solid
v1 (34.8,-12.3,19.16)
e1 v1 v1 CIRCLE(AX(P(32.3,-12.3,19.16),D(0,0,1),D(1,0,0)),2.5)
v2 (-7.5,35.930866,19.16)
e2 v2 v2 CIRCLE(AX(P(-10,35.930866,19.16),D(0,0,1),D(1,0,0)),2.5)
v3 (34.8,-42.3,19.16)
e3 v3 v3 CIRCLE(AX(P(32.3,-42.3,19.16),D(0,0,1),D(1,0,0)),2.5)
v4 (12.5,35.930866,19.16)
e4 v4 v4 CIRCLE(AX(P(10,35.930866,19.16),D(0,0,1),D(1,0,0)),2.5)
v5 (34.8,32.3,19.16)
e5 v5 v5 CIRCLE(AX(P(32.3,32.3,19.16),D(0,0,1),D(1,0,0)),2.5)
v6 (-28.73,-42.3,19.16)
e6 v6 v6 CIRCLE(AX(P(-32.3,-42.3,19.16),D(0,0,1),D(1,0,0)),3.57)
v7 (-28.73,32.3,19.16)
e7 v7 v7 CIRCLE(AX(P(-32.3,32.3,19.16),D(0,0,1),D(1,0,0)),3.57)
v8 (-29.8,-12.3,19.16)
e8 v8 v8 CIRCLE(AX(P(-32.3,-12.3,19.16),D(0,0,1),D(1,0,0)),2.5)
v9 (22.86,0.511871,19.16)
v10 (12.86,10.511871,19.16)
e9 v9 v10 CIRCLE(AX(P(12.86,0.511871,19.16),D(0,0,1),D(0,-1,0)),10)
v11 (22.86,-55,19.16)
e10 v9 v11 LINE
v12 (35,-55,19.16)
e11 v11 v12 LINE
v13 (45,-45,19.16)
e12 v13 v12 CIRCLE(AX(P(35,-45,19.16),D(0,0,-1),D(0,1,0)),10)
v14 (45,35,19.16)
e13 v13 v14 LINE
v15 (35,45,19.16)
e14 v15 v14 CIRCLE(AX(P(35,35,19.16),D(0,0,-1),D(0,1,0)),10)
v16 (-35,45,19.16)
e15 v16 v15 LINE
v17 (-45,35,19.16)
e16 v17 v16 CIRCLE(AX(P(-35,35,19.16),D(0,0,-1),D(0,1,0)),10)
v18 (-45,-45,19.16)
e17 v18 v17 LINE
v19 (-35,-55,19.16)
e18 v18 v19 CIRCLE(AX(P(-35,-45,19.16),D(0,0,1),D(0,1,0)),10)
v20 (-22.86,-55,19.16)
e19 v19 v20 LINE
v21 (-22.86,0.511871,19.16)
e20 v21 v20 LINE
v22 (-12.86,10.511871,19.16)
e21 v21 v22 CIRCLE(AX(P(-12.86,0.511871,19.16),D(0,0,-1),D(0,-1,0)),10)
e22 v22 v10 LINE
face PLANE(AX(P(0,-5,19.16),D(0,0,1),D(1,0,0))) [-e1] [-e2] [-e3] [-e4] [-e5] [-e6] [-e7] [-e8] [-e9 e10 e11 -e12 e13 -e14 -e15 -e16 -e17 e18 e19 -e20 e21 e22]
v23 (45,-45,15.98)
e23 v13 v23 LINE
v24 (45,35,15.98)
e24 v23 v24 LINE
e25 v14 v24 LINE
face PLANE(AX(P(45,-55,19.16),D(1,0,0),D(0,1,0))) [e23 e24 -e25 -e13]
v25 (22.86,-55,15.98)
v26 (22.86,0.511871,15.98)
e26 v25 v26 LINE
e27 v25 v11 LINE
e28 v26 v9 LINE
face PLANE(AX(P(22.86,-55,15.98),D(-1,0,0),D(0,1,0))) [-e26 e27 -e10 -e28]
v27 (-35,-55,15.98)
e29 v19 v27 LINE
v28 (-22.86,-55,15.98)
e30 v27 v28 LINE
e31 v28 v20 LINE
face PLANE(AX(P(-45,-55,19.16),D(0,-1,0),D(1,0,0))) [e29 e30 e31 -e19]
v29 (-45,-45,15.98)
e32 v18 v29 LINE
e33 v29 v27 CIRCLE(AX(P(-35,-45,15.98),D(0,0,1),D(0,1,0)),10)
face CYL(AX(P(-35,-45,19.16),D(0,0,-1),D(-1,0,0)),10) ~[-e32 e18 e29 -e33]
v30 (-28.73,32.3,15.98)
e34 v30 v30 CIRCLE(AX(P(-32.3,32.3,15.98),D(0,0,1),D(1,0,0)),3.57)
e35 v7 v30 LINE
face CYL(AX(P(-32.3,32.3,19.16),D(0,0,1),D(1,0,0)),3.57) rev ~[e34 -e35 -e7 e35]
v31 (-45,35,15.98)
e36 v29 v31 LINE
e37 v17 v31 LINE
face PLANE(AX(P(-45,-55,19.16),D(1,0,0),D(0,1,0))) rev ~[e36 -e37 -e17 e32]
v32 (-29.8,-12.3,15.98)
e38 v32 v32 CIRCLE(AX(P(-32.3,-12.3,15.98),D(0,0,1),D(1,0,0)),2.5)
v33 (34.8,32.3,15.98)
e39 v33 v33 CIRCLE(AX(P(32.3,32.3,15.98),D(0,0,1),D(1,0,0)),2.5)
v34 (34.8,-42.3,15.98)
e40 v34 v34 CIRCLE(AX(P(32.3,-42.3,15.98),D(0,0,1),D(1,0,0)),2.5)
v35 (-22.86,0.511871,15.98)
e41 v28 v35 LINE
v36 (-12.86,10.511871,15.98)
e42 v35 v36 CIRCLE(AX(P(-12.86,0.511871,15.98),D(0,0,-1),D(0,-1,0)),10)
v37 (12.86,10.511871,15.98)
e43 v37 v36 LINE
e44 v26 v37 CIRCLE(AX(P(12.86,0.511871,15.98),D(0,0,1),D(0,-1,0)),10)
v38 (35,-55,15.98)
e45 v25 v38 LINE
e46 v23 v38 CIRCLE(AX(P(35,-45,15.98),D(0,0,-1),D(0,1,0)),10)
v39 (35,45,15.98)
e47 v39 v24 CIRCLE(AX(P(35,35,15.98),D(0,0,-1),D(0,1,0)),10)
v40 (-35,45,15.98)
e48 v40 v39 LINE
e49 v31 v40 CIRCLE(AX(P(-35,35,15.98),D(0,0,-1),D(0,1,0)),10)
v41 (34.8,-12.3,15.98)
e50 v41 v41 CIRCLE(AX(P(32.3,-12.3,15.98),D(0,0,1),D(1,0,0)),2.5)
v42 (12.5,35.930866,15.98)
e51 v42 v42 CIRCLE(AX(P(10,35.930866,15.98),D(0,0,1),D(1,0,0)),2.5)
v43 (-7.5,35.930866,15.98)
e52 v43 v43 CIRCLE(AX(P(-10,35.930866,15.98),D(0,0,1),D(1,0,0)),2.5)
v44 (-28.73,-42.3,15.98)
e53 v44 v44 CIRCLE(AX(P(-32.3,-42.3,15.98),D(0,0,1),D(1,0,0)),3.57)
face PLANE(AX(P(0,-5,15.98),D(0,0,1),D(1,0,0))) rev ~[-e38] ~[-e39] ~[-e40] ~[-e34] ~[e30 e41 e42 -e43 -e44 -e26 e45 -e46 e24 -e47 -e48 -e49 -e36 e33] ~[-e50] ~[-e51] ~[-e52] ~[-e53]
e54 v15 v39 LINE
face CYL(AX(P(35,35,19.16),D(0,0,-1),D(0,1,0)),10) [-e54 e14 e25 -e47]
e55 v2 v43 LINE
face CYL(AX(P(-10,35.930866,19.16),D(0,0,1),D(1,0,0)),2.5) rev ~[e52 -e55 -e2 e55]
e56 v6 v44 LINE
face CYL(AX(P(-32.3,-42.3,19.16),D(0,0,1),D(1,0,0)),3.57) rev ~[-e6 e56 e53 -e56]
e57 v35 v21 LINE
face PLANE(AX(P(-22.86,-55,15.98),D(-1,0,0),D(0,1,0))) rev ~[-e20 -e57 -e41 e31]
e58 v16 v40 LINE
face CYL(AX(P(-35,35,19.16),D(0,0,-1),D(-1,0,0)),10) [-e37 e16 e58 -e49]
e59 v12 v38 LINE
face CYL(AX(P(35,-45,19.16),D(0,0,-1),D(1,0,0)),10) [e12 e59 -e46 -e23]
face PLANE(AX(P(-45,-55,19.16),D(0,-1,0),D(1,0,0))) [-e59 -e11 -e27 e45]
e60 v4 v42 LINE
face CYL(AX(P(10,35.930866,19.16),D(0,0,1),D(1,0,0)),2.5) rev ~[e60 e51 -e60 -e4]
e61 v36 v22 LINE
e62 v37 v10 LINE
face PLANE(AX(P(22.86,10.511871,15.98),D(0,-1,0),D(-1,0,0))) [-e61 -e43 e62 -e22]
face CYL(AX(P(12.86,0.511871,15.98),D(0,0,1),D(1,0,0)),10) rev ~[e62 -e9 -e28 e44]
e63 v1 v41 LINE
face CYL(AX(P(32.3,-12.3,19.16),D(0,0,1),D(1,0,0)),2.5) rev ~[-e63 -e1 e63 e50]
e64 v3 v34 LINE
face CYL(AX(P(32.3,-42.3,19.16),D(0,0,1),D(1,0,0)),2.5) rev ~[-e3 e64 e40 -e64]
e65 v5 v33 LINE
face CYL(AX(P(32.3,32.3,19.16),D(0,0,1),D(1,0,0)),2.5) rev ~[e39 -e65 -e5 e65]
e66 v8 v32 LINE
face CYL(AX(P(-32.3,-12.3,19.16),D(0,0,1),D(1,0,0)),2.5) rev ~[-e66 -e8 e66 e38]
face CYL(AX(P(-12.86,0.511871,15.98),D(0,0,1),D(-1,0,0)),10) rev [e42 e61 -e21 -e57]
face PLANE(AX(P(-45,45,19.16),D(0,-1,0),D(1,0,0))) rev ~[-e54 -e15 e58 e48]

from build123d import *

# Parameters (mm, degrees)
BOSS_EXTRUDE1_START = 19.16
SKETCH1_W           = 90
SKETCH1_H           = 100
SKETCH1_R           = 2.5
SKETCH1_R_2         = 3.57
BOSS_EXTRUDE1_DEPTH = 3.18
SKETCH2_W           = 45.72
SKETCH2_H           = 65.511870912
CUT_EXTRUDE1_DEPTH  = 72.134467033
FILLET1_R           = 10
SKETCH3_R           = 2.5
CUT_EXTRUDE2_DEPTH  = 72.134467033


with BuildPart() as part:
    # Sketch1 → Boss-Extrude1 (new body)
    with BuildSketch(Plane.XY.offset(BOSS_EXTRUDE1_START)):
        with Locations((0, -5)):
            Rectangle(SKETCH1_W, SKETCH1_H)
        with Locations((32.3, -12.3)):
            Circle(SKETCH1_R, mode=Mode.SUBTRACT)
        with Locations((32.3, -42.3)):
            Circle(SKETCH1_R, mode=Mode.SUBTRACT)
        with Locations((-32.3, -42.3)):
            Circle(SKETCH1_R_2, mode=Mode.SUBTRACT)
        with Locations((-32.3, -12.3)):
            Circle(SKETCH1_R, mode=Mode.SUBTRACT)
        with Locations((-32.3, 32.3)):
            Circle(SKETCH1_R_2, mode=Mode.SUBTRACT)
        with Locations((32.3, 32.3)):
            Circle(SKETCH1_R, mode=Mode.SUBTRACT)
    extrude(amount=-BOSS_EXTRUDE1_DEPTH)

    # Sketch2 → Cut-Extrude1 (cut, through all)
    with BuildSketch(Plane(origin=(0, 0, 15.98), x_dir=(-1, 0, 0), z_dir=(0, 0, -1))):
        with Locations((0, -22.244064544)):
            Rectangle(SKETCH2_W, SKETCH2_H)
    extrude(amount=-CUT_EXTRUDE1_DEPTH, mode=Mode.SUBTRACT)

    # Fillet1
    fillet1_edges = [part.edges().sort_by_distance(p)[0] for p in [
        (22.86, 10.511870912, 17.57),
        (-22.86, 10.511870912, 17.57),
        (-45, 45, 17.57),
        (45, 45, 17.57),
        (45, -55, 17.57),
        (-45, -55, 17.57),
    ]]
    fillet(fillet1_edges, radius=FILLET1_R)

    # Sketch3 → Cut-Extrude2 (cut, through all)
    with BuildSketch(Plane.XY.offset(19.16)):
        with Locations((10, 35.930865744)):
            Circle(SKETCH3_R)
        with Locations((-10, 35.930865744)):
            Circle(SKETCH3_R)
    extrude(amount=-CUT_EXTRUDE2_DEPTH, mode=Mode.SUBTRACT)


solid = part.part
